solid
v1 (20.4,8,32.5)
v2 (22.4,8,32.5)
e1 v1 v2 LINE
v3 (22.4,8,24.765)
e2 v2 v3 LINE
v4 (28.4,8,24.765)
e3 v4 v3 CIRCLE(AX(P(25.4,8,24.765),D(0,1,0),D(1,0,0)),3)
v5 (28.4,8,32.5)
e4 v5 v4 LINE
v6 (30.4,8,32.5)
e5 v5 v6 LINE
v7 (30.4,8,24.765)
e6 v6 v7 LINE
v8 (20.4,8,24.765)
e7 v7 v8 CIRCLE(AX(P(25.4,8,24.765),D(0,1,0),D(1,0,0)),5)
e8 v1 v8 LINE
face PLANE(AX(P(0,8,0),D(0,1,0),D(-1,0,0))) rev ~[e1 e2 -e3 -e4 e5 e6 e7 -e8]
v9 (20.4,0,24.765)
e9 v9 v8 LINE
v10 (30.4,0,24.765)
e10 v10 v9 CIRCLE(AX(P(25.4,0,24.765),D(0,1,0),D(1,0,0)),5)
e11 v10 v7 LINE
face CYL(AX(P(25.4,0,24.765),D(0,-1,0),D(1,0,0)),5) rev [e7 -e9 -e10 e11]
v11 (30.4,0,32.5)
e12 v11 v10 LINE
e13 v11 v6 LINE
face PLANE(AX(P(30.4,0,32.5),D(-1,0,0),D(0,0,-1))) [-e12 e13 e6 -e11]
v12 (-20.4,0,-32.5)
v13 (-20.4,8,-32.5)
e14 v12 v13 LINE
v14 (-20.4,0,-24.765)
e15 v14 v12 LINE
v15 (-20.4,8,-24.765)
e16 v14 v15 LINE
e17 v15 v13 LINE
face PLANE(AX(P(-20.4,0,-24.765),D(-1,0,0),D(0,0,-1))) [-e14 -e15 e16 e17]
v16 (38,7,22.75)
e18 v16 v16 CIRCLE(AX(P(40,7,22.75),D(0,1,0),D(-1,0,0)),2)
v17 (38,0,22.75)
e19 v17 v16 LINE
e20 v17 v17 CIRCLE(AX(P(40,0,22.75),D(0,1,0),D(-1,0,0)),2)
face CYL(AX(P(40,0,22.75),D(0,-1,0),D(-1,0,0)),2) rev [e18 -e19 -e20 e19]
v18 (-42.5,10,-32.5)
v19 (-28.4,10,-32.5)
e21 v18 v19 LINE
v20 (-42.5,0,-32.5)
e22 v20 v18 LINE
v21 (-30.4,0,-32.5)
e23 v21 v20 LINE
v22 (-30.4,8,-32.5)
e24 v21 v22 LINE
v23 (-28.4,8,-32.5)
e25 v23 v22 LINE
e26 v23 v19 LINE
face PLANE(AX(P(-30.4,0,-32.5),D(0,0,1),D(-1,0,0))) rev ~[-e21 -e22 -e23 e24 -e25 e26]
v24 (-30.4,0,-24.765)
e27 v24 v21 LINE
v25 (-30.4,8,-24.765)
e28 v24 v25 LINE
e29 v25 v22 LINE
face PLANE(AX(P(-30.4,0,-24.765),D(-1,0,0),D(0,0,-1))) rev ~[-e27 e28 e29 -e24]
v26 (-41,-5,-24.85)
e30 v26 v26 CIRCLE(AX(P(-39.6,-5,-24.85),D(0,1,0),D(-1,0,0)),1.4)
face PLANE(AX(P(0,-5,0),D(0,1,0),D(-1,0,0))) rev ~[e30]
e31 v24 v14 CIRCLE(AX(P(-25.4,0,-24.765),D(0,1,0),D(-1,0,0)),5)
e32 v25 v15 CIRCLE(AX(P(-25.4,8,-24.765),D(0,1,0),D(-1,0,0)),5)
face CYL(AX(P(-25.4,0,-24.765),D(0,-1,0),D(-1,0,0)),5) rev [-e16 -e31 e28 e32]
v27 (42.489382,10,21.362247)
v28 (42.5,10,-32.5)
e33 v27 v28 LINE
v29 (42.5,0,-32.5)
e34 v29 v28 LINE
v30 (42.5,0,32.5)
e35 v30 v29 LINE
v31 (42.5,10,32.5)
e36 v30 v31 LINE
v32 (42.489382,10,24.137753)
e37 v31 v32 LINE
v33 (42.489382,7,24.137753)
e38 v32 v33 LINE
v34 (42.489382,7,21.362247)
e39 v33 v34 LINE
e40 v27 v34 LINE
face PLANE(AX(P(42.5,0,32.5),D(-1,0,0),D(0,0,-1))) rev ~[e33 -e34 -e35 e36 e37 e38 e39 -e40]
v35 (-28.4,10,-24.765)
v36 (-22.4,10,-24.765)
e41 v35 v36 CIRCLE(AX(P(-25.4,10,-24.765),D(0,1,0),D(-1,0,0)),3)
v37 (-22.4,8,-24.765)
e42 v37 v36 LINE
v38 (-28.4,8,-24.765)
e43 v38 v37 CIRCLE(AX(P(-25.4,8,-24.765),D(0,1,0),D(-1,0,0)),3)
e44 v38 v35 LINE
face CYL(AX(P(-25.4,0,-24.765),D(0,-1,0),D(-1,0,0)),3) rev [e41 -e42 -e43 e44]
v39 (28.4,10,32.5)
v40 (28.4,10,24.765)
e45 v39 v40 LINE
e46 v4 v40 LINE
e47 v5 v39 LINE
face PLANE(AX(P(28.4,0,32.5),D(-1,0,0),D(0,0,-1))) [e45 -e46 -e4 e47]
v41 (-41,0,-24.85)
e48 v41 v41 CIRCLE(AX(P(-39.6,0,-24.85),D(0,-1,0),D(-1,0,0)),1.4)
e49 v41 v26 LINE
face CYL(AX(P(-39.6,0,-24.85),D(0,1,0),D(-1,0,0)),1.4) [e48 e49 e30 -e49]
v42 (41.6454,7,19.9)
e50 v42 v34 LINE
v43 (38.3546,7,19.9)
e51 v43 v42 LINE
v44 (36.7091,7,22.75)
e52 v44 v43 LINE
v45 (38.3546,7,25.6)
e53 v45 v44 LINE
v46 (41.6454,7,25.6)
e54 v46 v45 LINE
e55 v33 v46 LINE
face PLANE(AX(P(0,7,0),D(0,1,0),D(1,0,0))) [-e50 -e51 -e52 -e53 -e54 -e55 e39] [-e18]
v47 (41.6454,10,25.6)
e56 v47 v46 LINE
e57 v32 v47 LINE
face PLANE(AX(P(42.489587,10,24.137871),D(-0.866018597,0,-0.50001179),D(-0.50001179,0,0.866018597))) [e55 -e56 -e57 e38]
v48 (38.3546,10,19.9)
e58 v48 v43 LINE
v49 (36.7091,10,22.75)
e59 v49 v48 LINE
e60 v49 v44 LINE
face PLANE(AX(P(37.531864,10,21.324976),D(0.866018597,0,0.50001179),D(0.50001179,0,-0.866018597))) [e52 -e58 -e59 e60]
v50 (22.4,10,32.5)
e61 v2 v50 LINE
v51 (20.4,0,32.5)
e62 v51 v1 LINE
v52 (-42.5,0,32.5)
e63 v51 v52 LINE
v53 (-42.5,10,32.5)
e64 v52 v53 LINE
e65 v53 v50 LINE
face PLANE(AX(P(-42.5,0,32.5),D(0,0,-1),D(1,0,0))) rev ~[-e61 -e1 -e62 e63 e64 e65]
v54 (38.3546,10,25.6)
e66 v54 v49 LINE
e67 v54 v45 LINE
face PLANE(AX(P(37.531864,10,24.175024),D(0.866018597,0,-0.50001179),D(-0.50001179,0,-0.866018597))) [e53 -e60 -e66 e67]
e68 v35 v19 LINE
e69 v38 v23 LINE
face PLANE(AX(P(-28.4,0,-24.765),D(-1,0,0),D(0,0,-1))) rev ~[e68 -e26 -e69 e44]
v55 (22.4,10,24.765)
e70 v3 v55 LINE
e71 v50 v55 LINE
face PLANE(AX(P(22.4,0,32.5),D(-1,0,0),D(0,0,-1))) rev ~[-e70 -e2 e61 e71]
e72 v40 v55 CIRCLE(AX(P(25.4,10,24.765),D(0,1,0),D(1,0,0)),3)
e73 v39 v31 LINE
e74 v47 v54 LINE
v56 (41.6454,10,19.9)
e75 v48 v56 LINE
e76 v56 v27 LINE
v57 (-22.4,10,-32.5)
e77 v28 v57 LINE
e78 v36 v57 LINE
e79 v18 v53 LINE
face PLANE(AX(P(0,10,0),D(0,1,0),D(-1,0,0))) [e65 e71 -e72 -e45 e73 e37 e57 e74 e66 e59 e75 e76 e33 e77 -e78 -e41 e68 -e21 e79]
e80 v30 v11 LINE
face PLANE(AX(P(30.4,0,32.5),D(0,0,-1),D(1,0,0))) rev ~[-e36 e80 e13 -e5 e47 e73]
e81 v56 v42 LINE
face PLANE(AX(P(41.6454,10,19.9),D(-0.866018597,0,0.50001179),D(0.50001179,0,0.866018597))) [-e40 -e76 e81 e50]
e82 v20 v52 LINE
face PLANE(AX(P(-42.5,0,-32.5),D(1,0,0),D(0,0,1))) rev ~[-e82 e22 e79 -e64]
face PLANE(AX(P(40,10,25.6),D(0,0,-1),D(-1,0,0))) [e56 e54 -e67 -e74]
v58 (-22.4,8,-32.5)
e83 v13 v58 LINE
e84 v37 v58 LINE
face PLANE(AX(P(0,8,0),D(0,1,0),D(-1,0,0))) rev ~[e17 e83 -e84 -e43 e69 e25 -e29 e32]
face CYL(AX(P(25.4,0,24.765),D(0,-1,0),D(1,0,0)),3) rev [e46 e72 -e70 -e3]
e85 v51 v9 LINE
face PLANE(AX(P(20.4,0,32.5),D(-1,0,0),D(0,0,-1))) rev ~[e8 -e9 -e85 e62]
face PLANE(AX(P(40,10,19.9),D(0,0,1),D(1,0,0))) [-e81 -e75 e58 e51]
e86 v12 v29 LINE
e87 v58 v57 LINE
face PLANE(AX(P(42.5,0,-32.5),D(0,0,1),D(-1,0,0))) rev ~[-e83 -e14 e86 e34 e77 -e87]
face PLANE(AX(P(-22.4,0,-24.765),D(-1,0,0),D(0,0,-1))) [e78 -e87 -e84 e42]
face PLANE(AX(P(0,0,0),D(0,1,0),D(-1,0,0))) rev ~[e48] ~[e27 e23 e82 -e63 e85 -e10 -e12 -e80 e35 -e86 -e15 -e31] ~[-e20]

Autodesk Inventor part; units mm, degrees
ref_plane "YZ Plane" through (0, 0, 0) normal (1, 0, 0) x (0, 1, 0)
ref_plane "XZ Plane" through (0, 0, 0) normal (0, 1, 0) x (-1, 0, 0)
ref_plane "XY Plane" through (0, 0, 0) normal (0, 0, 1) x (1, 0, 0)
sketch "Sketch1" plane through (0, 0, 0) normal (0, 1, 0) x (-1, 0, 0)
  line L0 (42.5, -32.5) -> (42.5, 32.5)
  line L1 (-42.5, 32.5) -> (-42.5, -32.5)
  line L2 (-42.5, -32.5) -> (42.5, 32.5) construction
  line L3 (42.5, -32.5) -> (-42.5, 32.5) construction
  line L4 (-25.4, -24.765) -> (25.4, -24.765) construction
  line L5 (25.4, -24.765) -> (25.4, 24.765) construction
  line L6 (25.4, 24.765) -> (-25.4, 24.765) construction
  line L7 (-25.4, 24.765) -> (-25.4, -24.765) construction
  line L8 (-25.4, -24.765) -> (25.4, 24.765) construction
  line L9 (25.4, -24.765) -> (-25.4, 24.765) construction
  arc A0 (-28.4, 24.765) -> (-22.4, 24.765) centre (-25.4, 24.765) ccw
  arc A1 (-30.4, 24.765) -> (-20.4, 24.765) centre (-25.4, 24.765) ccw
  arc A2 (28.4, -24.765) -> (22.4, -24.765) centre (25.4, -24.765) ccw
  arc A3 (30.4, -24.765) -> (20.4, -24.765) centre (25.4, -24.765) ccw
  line L10 (-20.4, 32.5) -> (-20.4, 24.765)
  line L11 (-30.4, 32.5) -> (-30.4, 24.765)
  line L12 (-28.4, 32.5) -> (-28.4, 24.765)
  line L13 (-22.4, 32.5) -> (-22.4, 24.765)
  line L14 (30.4, -24.765) -> (30.4, -32.5)
  line L15 (28.4, -24.765) -> (28.4, -32.5)
  line L16 (22.4, -24.765) -> (22.4, -32.5)
  line L17 (20.4, -24.765) -> (20.4, -32.5)
  line L18 (-42.5, -32.5) -> (22.4, -32.5)
  line L19 (28.4, -32.5) -> (42.5, -32.5)
  line L20 (42.5, 32.5) -> (-22.4, 32.5)
  line L21 (-28.4, 32.5) -> (-42.5, 32.5)
  point P0 (0, 0)
  dimension "d2" = 50.8
  dimension "d3" = 49.53
  dimension "d4" = 6
  dimension "d5" = 10
sketch "Sketch2" plane through (0, 0, 0) normal (0, 1, 0) x (-1, 0, 0)
  line L0 (-43, -29.25) -> (43, -29.25)
  line L1 (43, -29.25) -> (43, 29.25)
  line L2 (43, 29.25) -> (-43, 29.25)
  line L3 (-43, 29.25) -> (-43, -29.25)
  line L4 (-43, -29.25) -> (43, 29.25) construction
  line L5 (43, -29.25) -> (-43, 29.25) construction
  circle A0 centre (39.6, -24.85) radius 1.4
  line L6 (41, -24.85) -> (39.6, -24.85)
  line L7 (39.6, -24.85) -> (39.6, -26.25)
  circle A1 centre (-40, 22.75) radius 2
  line L8 (-38, 22.75) -> (-43, 22.75) construction
  line L9 (-40, 24.75) -> (-40, 29.25) construction
  line L10 (-40, 24.75) -> (-40, 22.75) construction
  point P0 (0, 0)
  dimension "d6" = 86
  dimension "d7" = 58.5
  dimension "d8" = 2.8
  dimension "d9" = 3
  dimension "d10" = 2
  dimension "d11" = 4
  dimension "d12" = 5
  dimension "d13" = 4.5
extrude "Extrusion1" add sketch "Sketch1" along normal blind 10
extrude "Extrusion2" cut sketch "Sketch1" along normal blind 8 contours L19 L15 A2 L16 L18 L17 A3 L14 | L10 A1 L11 L21 L12 A0 L13 L20
extrude "Extrusion3" add sketch "Sketch2" against normal blind 5 contours L6 L7 A0 | A0 L7 L6
extrude "Extrusion4" cut sketch "Sketch2" along normal through all contours A1
sketch "Sketch3" plane through (0, 10, 0) normal (0, 1, 0) x (1, 0, 0)
  circle A0 centre (40, -22.75) radius 2 projected
  arc A1 (-28.4, 24.765) -> (-22.4, 24.765) centre (-25.4, 24.765) ccw projected
  line L0 (-28.4, 24.765) -> (-28.4, 32.5) projected
  line L1 (-28.4, 32.5) -> (-42.5, 32.5) projected
  line L2 (-42.5, 32.5) -> (-42.5, -32.5) projected
  line L3 (-42.5, -32.5) -> (22.4, -32.5) projected
  line L4 (22.4, -32.5) -> (22.4, -24.765) projected
  arc A2 (28.4, -24.765) -> (22.4, -24.765) centre (25.4, -24.765) ccw projected
  line L5 (28.4, -24.765) -> (28.4, -32.5) projected
  line L6 (28.4, -32.5) -> (42.5, -32.5) projected
  line L7 (42.5, -32.5) -> (42.5, 32.5) projected
  line L8 (42.5, 32.5) -> (-22.4, 32.5) projected
  line L9 (-22.4, 32.5) -> (-22.4, 24.765) projected
  circle A3 centre (40, -22.75) radius 2.85
  line L10 (41.6454, -19.9) -> (43.2909, -22.75)
  line L11 (43.2909, -22.75) -> (41.6454, -25.6)
  line L12 (41.6454, -25.6) -> (38.3546, -25.6)
  line L13 (38.3546, -25.6) -> (36.7091, -22.75)
  line L14 (36.7091, -22.75) -> (38.3546, -19.9)
  line L15 (38.3546, -19.9) -> (41.6454, -19.9)
  point P0 (0, 0)
  point P1 (40, -19.9)
  dimension "d22" = 5.7
extrude "Extrusion5" cut sketch "Sketch3" against normal blind 3 contours A0 | A3 L7 | L10 L11 A3 | L7 A3 | A3 L15 L10 | L11 L12 A3 | A3 L14 L15 | L12 L13 A3 | A3 L13 L14
properties part number "base_fuentePoder_12v5a_3DPrint"
